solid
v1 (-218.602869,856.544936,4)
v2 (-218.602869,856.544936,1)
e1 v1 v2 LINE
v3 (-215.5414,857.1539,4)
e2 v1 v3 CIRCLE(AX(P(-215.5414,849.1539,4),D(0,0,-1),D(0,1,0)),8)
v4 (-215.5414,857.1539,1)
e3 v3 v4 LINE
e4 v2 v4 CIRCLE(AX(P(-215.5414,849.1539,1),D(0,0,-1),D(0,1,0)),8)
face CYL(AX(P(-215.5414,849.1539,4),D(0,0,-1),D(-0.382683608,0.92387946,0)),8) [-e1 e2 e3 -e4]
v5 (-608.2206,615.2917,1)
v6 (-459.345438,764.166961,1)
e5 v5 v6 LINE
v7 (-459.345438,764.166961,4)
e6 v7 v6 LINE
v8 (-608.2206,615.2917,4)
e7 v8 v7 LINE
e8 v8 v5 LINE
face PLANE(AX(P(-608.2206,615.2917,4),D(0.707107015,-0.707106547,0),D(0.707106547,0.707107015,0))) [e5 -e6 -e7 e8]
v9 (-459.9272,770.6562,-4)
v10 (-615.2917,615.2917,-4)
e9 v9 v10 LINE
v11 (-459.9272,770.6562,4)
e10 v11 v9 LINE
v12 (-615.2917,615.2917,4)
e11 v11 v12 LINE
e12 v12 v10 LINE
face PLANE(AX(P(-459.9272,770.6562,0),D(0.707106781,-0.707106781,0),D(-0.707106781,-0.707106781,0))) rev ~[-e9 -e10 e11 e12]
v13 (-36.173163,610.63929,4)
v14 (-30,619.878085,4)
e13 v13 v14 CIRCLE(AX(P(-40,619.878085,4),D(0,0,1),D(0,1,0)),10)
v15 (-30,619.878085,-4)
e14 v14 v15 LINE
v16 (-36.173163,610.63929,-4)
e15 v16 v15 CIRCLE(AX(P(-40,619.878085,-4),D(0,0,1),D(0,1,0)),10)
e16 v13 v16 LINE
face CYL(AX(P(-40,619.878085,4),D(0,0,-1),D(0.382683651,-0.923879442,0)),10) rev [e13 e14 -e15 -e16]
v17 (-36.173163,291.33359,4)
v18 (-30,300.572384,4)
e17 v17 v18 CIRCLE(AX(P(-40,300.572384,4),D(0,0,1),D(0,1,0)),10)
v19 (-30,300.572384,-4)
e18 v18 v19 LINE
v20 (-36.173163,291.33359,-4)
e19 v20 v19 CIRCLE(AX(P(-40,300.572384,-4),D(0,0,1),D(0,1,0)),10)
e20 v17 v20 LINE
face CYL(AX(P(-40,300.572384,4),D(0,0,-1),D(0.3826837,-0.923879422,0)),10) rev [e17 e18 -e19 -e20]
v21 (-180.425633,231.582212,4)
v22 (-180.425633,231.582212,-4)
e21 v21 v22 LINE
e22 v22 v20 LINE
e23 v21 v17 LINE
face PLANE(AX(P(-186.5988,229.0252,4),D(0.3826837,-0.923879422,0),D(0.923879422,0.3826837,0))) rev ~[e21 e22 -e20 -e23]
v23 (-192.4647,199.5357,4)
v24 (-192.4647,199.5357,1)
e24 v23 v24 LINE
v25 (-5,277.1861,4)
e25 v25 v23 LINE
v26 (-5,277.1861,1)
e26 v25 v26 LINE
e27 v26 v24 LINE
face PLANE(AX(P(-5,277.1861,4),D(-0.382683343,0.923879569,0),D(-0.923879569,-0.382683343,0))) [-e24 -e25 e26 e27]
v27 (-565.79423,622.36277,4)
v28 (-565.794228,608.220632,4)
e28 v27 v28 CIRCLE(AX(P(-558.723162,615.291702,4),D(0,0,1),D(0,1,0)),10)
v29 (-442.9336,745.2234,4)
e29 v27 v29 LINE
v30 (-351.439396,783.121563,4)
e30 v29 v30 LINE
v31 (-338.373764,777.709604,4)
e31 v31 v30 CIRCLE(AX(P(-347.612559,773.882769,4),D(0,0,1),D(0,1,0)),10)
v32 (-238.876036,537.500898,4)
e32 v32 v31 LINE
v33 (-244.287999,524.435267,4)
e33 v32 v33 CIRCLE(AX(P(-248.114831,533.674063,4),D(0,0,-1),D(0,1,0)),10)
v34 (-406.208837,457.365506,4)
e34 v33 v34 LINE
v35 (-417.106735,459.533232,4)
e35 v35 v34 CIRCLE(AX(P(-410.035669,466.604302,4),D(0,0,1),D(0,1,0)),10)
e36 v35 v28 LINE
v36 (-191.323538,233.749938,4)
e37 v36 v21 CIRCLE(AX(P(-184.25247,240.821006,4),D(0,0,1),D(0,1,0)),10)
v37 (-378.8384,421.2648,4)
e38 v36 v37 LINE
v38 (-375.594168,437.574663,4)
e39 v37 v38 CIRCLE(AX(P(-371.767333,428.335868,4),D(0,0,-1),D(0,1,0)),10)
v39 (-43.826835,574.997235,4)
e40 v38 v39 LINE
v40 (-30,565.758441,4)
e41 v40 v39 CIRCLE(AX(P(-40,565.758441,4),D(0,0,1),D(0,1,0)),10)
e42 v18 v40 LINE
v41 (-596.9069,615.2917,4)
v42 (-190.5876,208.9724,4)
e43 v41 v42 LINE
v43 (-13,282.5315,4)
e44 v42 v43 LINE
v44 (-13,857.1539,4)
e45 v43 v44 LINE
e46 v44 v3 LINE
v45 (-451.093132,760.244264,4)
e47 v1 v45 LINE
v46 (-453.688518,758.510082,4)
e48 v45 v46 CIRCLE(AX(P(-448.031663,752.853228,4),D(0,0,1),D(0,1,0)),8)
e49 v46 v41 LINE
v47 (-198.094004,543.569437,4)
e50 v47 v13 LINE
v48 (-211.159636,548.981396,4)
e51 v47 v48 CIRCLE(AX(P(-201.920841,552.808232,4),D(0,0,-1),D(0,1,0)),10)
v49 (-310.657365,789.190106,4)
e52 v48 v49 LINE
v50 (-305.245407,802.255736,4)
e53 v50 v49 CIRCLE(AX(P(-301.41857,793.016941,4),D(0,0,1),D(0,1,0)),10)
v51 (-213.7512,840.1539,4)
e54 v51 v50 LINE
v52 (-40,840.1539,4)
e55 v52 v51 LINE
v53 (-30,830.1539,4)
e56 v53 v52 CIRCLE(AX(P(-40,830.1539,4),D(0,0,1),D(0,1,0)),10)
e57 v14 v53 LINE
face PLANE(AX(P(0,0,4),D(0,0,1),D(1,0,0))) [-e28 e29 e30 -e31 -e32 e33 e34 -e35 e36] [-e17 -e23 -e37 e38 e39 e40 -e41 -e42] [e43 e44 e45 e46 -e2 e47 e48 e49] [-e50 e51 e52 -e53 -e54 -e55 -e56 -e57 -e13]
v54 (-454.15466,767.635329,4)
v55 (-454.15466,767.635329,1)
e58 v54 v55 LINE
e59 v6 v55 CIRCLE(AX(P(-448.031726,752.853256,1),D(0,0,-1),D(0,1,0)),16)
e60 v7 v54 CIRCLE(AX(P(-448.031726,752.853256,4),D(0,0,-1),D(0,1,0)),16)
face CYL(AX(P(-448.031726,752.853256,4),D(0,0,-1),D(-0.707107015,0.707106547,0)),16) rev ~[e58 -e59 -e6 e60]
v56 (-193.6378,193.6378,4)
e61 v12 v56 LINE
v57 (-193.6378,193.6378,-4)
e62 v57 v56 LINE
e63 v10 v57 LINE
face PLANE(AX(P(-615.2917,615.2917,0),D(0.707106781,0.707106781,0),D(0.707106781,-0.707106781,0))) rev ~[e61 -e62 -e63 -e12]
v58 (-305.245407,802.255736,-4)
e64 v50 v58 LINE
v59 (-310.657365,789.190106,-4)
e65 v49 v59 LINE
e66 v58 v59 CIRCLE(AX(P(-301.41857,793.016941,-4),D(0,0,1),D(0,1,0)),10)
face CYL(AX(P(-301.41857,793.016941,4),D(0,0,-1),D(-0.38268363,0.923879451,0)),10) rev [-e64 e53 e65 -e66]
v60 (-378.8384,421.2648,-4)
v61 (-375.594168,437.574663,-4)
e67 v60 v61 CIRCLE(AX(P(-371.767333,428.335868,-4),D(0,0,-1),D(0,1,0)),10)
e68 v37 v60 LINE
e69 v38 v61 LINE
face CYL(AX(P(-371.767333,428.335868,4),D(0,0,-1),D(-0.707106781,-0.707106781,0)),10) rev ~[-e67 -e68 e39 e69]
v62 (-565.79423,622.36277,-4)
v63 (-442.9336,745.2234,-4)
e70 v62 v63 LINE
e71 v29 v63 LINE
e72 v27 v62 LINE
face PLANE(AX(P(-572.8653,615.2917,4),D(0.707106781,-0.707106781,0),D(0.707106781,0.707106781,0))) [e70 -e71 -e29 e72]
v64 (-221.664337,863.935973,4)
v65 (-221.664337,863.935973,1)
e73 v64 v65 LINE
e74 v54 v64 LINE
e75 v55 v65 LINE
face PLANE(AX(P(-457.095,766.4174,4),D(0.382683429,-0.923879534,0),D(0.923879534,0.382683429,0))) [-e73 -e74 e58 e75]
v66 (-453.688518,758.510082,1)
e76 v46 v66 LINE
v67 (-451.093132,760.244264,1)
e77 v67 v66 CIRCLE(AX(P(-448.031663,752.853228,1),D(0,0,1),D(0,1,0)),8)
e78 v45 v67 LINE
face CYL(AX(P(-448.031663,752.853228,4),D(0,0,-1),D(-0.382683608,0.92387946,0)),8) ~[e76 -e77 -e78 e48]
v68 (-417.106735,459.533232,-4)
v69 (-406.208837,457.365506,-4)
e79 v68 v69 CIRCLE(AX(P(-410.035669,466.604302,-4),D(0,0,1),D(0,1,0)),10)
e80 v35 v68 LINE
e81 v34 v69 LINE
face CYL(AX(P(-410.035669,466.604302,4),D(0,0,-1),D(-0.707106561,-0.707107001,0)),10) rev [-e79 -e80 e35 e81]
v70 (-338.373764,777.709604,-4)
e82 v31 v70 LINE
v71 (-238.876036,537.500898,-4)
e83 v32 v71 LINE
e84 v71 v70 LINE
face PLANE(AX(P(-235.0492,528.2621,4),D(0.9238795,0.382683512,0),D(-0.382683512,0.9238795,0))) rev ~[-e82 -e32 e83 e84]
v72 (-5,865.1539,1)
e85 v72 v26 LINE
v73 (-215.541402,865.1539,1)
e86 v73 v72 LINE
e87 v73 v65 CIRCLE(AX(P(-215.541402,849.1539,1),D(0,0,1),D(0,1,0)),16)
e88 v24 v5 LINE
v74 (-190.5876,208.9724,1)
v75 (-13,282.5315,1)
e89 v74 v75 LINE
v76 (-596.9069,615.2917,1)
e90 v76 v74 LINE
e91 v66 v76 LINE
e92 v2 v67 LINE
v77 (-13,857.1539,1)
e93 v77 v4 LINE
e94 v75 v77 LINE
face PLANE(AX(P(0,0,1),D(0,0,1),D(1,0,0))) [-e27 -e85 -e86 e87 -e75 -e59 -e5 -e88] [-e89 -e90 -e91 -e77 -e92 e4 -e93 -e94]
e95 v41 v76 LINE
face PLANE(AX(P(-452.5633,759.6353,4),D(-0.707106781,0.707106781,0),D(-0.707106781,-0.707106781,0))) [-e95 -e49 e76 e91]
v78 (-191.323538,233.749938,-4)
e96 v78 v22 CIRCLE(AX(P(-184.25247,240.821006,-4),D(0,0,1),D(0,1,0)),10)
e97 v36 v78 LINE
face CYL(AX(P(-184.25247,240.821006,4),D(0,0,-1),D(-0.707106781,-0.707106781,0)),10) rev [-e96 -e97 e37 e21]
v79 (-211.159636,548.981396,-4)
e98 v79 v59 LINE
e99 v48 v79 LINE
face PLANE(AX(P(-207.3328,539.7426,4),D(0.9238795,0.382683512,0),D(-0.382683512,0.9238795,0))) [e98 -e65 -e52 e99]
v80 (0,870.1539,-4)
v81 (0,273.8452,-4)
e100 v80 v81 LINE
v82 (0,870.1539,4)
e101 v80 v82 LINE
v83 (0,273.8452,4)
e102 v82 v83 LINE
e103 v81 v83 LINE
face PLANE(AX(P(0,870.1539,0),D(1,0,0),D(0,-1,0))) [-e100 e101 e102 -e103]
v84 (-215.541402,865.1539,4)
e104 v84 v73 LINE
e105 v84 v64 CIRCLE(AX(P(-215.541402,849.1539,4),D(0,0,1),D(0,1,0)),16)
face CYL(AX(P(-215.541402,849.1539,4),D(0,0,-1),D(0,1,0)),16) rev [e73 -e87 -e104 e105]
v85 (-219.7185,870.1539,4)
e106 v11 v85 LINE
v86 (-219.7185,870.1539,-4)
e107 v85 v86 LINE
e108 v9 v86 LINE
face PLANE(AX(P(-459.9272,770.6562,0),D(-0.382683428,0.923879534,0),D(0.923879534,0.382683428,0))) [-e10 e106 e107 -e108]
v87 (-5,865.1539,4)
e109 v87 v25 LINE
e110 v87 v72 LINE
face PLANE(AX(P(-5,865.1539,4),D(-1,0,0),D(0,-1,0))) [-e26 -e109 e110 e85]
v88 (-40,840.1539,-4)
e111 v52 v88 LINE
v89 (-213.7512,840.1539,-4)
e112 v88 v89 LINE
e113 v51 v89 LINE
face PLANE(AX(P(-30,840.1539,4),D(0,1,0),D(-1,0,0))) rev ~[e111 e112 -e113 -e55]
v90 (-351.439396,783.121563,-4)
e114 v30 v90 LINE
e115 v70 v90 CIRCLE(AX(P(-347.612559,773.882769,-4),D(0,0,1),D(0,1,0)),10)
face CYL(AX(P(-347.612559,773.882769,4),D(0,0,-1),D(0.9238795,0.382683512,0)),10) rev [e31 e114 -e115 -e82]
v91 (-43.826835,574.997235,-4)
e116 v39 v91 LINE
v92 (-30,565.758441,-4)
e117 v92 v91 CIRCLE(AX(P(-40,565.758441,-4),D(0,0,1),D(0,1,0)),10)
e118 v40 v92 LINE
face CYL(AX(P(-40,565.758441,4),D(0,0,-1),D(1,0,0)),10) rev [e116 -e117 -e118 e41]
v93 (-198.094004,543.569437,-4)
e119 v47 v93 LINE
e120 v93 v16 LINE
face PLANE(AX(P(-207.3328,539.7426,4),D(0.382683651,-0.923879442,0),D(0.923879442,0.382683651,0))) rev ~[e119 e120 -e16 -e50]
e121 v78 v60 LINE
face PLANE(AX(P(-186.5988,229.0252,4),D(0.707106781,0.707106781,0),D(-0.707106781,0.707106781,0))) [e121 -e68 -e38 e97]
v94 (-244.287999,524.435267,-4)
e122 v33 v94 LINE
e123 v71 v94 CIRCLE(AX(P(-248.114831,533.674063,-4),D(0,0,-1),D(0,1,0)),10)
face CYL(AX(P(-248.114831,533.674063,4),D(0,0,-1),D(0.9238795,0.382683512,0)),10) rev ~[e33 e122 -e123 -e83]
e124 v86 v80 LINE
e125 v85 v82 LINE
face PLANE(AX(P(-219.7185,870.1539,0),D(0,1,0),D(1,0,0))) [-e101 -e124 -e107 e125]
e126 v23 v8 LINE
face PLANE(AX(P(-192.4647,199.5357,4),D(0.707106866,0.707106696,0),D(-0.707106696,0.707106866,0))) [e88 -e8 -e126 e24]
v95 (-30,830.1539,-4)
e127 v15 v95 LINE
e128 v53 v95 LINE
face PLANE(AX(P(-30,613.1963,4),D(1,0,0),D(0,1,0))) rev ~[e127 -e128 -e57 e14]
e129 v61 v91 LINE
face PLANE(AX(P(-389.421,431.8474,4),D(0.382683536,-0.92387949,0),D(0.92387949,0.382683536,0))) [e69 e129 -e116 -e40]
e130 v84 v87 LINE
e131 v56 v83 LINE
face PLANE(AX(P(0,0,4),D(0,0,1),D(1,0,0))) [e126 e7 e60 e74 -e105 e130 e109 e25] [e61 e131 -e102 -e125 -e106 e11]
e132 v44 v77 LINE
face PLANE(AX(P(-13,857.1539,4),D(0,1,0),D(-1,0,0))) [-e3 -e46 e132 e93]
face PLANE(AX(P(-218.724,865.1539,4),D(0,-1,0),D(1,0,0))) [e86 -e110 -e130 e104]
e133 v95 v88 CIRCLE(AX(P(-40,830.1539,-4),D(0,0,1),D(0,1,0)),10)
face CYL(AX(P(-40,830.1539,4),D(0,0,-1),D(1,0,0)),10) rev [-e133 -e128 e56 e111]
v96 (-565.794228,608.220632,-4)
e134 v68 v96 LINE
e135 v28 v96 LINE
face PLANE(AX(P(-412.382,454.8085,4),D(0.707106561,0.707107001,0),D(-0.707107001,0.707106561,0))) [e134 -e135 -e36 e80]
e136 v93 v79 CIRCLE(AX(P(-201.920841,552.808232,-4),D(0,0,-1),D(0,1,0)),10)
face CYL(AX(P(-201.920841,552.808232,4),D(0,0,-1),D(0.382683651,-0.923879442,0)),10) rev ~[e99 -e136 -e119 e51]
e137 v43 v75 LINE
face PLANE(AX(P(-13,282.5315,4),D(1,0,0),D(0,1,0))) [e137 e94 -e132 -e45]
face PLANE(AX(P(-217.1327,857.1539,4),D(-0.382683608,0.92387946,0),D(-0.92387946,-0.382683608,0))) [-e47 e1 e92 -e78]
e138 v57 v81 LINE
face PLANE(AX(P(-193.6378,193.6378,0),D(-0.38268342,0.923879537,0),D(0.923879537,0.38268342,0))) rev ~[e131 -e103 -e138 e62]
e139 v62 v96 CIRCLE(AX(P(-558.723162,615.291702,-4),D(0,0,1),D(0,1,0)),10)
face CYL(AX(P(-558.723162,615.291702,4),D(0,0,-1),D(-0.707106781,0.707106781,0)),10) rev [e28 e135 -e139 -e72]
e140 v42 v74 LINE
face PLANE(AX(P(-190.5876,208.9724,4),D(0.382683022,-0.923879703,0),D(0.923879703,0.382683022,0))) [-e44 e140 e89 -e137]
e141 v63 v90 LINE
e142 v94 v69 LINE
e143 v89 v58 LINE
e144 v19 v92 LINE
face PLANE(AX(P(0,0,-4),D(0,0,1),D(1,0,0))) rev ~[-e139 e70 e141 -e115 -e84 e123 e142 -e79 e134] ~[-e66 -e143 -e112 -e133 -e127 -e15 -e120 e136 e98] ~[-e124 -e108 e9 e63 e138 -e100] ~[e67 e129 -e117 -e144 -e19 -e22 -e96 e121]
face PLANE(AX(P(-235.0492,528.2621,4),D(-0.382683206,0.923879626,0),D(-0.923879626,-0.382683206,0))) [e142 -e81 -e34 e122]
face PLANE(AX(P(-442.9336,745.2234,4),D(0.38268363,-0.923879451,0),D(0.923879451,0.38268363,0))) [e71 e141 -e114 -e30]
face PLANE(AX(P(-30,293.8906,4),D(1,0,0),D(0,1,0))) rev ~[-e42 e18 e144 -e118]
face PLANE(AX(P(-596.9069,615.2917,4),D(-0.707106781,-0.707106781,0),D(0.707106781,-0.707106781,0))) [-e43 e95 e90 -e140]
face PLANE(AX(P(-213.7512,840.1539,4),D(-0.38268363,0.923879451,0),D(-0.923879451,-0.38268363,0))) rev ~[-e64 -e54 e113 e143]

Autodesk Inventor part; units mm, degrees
ref_plane "YZ Plane" through (0, 0, 0) normal (1, 0, 0) x (0, 1, 0)
ref_plane "XZ Plane" through (0, 0, 0) normal (0, 1, 0) x (-1, 0, 0)
ref_plane "XY Plane" through (0, 0, 0) normal (0, 0, 1) x (1, 0, 0)
sketch "Sketch1" plane through (0, 0, 0) normal (0, 0, 1) x (1, 0, 0)
  line L0 (0, 273.8452) -> (193.6378, 193.6378) construction
  line L1 (193.6378, 193.6378) -> (273.8452, 0) construction
  line L2 (273.8452, 0) -> (193.6378, -193.6378) construction
  line L3 (193.6378, -193.6378) -> (0, -273.8452) construction
  line L4 (0, -273.8452) -> (-193.6378, -193.6378) construction
  line L5 (-193.6378, -193.6378) -> (-273.8452, 0) construction
  line L6 (-273.8452, 0) -> (-193.6378, 193.6378) construction
  line L7 (-193.6378, 193.6378) -> (0, 273.8452)
  line L8 (-193.6378, 193.6378) -> (0, 273.8452)
  line L9 (-459.9272, 770.6562) -> (-219.7185, 870.1539)
  line L10 (-96.8189, 233.7415) -> (-339.8229, 820.405) construction
  line L11 (-219.7185, 870.1539) -> (0, 870.1539)
  line L12 (0, 870.1539) -> (0, 273.8452)
  line L13 (-459.9272, 770.6562) -> (-615.2917, 615.2917)
  line L14 (-615.2917, 615.2917) -> (-193.6378, 193.6378)
  point P0 (0, 0)
  point P1 (0, 0)
  dimension "d0" = 506
  dimension "d2" = 260
  dimension "d3" = 635
extrude "Extrusion1" add sketch "Sketch1" along normal mid plane 8
sketch "Sketch2" plane through (0, 0, 4) normal (0, 0, 1) x (1, 0, 0)
  line L0 (-219.7185, 870.1539) -> (-459.9272, 770.6562) projected
  line L1 (-459.9272, 770.6562) -> (-615.2917, 615.2917) projected
  line L2 (-235.0492, 528.2621) -> (-412.382, 454.8085)
  line L3 (-193.6378, 193.6378) -> (0, 273.8452) projected
  line L4 (-96.8189, 233.7415) -> (-339.8229, 820.405) construction
  line L5 (-615.2917, 615.2917) -> (-193.6378, 193.6378) projected
  line L6 (-412.382, 454.8085) -> (-572.8653, 615.2917)
  line L7 (-572.8653, 615.2917) -> (-442.9336, 745.2234)
  line L8 (-442.9336, 745.2234) -> (-342.2006, 786.9484)
  line L9 (-235.0492, 528.2621) -> (-342.2006, 786.9484)
  line L10 (-207.3328, 539.7426) -> (-30, 613.1963)
  line L11 (-30, 613.1963) -> (-30, 840.1539)
  line L12 (-30, 840.1539) -> (-213.7512, 840.1539)
  line L13 (-213.7512, 840.1539) -> (-314.4842, 798.4289)
  line L14 (-207.3328, 539.7426) -> (-314.4842, 798.4289)
  line L15 (0, 273.8452) -> (0, 870.1539) projected
  line L16 (-412.382, 454.8085) -> (-30, 613.1963) construction
  line L17 (-389.421, 431.8474) -> (-30, 580.7245)
  line L18 (-186.5988, 229.0252) -> (-30, 293.8906)
  line L19 (-30, 293.8906) -> (-30, 580.7245)
  line L20 (-186.5988, 229.0252) -> (-389.421, 431.8474)
  point P0 (0, 0)
  dimension "d11" = 30
  dimension "d12" = 280
  dimension "d13" = 30
  dimension "d14" = 30
  dimension "d15" = 15
  dimension "d21" = 30
  dimension "d22" = 30
  dimension "d23" = 30
  dimension "d24" = 30
extrude "Extrusion2" cut sketch "Sketch2" against normal up to surface (8 mm away)
fillet "Fillet1" radius 10 12 edges at (-572.8653, 615.2917, 0) (-342.2006, 786.9484, 0) (-235.0492, 528.2621, 0) (-412.382, 454.8085, 0) (-314.4842, 798.4289, 0) (-30, 840.1539, 0) (-30, 613.1963, 0) (-207.3328, 539.7426, 0) (-389.421, 431.8474, 0) (-30, 580.7245, 0) (-30, 293.8906, 0) (-186.5988, 229.0252, 0)
sketch "Sketch4" plane through (0, 0, 4) normal (0, 0, 1) x (1, 0, 0)
  line L0 (-219.7185, 870.1539) -> (-459.9272, 770.6562) projected
  line L1 (0, 870.1539) -> (-219.7185, 870.1539) projected
  line L2 (-459.9272, 770.6562) -> (-615.2917, 615.2917) projected
  line L3 (-615.2917, 615.2917) -> (-193.6378, 193.6378) projected
  line L4 (-193.6378, 193.6378) -> (0, 273.8452) projected
  line L5 (0, 273.8452) -> (0, 870.1539) projected
  line L6 (-457.095, 766.4174) -> (-218.724, 865.1539)
  line L7 (-218.724, 865.1539) -> (-5, 865.1539)
  line L8 (-5, 865.1539) -> (-5, 277.1861)
  line L9 (-5, 277.1861) -> (-192.4647, 199.5357)
  line L10 (-192.4647, 199.5357) -> (-608.2206, 615.2917)
  line L11 (-608.2206, 615.2917) -> (-457.095, 766.4174)
  line L12 (-217.1327, 857.1539) -> (-452.5633, 759.6353)
  line L13 (-452.5633, 759.6353) -> (-596.9069, 615.2917)
  line L14 (-596.9069, 615.2917) -> (-190.5876, 208.9724)
  line L15 (-190.5876, 208.9724) -> (-13, 282.5315)
  line L16 (-13, 282.5315) -> (-13, 857.1539)
  line L17 (-13, 857.1539) -> (-217.1327, 857.1539)
  point P0 (0, 0)
  dimension "d26" = 5
  dimension "d27" = 8
extrude "Extrusion3" cut sketch "Sketch4" against normal blind 3 contours L6 L7 L8 L9 L10 L11
fillet "Fillet3" radius 16 2 edges at (-218.724, 865.1539, 2.5) (-457.095, 766.4174, 2.5)
fillet "Fillet4" radius 8 2 edges at (-452.5633, 759.6353, 2.5) (-217.1327, 857.1539, 2.5)
equation "\"d0\" = Барабан_габарит_по_кассетам"
equation "\"d2\" = Кассета_длина_грани"
equation "\"d3\" = Кассета_высота"
equation "\"d11\" = d13"
equation "\"d14\" = d13"
equation "\"d15\" = 0.5 * d13"
equation "\"d21\" = d13"
equation "\"d22\" = d13"
equation "\"d23\" = d13"
equation "\"d24\" = d13"
equation "\"Барабан_габарит_по_кассетам\" = 506"
equation "\"Кассета_длина_грани\" = 260"
equation "\"Кассета_высота\" = 635"
properties part number "ДМС 201 Внешняя рамка"
